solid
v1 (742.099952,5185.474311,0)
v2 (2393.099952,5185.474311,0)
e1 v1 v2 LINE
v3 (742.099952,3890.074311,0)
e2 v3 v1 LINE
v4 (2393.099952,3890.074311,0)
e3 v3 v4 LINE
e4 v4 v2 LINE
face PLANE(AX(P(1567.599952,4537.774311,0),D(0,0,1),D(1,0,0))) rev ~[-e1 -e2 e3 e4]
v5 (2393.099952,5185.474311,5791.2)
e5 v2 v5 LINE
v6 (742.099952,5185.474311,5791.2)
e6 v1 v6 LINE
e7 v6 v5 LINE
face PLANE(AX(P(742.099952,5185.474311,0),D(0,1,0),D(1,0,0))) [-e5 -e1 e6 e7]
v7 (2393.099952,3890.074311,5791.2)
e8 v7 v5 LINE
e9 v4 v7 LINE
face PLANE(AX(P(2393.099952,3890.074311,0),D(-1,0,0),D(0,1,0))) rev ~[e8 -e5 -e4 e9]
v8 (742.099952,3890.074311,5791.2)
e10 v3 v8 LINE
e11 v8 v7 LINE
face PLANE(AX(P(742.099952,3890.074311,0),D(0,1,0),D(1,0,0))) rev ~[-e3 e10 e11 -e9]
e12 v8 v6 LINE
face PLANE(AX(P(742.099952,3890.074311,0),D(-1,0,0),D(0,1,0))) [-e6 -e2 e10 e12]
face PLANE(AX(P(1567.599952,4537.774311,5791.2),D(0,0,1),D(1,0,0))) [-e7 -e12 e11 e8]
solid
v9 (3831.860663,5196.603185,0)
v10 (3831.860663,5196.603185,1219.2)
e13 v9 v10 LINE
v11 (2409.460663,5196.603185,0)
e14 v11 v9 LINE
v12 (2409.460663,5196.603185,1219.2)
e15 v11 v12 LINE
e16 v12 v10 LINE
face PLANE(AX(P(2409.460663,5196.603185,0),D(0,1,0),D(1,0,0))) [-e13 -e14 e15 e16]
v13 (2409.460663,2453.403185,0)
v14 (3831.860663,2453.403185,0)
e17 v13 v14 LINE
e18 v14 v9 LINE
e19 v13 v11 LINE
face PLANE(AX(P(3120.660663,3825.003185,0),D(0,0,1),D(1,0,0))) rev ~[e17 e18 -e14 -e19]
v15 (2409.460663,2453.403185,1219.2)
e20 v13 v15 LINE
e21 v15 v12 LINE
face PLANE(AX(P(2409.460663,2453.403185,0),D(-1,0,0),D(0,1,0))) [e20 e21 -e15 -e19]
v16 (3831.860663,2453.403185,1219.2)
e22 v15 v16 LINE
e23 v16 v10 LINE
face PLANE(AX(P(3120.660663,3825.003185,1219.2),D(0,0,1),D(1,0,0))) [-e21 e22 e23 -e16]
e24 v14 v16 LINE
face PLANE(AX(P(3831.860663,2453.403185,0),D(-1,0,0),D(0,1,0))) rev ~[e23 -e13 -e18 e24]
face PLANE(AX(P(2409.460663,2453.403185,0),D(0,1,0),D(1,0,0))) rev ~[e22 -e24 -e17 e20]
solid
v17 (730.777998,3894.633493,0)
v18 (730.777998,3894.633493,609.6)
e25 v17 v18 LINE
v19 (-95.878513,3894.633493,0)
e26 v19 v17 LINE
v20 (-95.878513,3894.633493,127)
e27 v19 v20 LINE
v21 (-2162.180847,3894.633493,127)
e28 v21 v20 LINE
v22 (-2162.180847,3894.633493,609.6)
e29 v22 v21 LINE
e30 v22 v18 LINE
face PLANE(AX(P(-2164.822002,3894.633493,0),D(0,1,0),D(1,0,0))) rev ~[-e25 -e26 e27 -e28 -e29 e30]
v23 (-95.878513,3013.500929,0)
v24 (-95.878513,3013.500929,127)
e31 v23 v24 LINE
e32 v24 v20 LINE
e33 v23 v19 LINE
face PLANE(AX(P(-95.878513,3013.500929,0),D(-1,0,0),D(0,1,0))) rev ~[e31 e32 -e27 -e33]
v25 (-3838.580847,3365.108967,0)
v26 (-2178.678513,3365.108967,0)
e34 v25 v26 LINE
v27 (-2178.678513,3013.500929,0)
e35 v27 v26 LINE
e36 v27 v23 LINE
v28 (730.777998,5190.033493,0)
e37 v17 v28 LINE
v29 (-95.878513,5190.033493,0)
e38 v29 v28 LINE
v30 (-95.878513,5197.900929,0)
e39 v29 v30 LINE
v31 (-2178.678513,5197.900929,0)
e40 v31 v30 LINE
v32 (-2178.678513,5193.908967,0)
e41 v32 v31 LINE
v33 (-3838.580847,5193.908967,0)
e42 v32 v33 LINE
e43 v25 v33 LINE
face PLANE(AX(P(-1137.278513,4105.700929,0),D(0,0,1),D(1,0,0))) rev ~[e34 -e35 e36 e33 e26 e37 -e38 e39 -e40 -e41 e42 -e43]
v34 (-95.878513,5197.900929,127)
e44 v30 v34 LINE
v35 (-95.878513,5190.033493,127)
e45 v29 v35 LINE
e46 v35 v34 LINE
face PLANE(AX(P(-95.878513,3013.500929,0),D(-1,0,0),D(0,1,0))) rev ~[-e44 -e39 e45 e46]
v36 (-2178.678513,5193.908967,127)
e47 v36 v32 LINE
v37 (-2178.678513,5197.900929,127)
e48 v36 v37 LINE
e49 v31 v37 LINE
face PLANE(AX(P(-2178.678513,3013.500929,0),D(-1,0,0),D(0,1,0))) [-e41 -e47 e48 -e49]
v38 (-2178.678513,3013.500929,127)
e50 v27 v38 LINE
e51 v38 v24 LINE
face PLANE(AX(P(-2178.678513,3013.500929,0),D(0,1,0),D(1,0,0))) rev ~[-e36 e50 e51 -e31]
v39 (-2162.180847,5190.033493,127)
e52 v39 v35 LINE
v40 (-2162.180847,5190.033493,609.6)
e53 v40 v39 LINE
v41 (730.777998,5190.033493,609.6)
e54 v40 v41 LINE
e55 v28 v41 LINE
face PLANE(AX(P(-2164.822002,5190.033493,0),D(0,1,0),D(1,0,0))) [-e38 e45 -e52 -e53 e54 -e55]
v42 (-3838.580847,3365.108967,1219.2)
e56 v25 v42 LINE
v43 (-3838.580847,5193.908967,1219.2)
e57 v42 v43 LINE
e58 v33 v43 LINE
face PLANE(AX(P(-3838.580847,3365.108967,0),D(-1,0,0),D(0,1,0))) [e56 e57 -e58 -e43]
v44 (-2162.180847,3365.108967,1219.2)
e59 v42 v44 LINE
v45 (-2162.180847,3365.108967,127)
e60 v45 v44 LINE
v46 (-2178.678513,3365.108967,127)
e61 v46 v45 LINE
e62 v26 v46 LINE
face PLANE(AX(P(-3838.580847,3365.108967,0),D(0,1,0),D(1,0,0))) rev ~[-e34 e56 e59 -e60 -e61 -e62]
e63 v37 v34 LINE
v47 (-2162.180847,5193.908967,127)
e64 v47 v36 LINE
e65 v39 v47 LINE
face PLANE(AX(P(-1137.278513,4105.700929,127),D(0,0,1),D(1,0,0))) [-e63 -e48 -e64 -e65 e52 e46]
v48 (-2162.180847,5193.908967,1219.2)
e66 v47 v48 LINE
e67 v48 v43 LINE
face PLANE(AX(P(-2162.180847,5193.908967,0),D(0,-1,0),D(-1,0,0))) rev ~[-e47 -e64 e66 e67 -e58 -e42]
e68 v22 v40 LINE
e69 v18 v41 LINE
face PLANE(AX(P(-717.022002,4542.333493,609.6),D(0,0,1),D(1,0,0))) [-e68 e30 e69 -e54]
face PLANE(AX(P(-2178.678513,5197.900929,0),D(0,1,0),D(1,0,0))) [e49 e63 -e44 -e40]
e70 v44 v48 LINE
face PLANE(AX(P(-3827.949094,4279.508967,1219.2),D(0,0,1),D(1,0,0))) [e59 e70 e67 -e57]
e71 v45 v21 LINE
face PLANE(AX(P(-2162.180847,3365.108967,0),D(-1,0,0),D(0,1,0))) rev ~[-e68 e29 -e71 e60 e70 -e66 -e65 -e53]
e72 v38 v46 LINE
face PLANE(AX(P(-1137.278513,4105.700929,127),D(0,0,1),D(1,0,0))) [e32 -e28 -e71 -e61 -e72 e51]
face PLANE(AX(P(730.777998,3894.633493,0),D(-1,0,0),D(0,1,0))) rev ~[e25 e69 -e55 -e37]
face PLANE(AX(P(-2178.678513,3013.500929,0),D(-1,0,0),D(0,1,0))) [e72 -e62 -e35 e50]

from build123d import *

# Parameters (mm, degrees)
F1_W      = 21.263506
F1_H      = 1828.8
F1_W_2    = 1655.136494
F2_DEPTH  = 1219.2
F4_W      = 1651
F4_H      = 1295.4
F5_DEPTH  = 5791.2
F3_W      = 2895.6
F3_H      = 1295.4
F6_DEPTH  = 609.6
F7_W      = 1422.4
F7_H      = 2743.2
F8_DEPTH  = 1219.2
F9_W      = 2082.8
F9_H      = 2184.4
F10_DEPTH = 127


with BuildPart() as f2:
    # F1 (on face) → F2 (new body)
    with BuildSketch(Plane.XY):
        with Locations((-3827.949094, 4279.508967)):
            Rectangle(F1_W, F1_H)
        with Locations((-2989.749094, 4279.508967)):
            Rectangle(F1_W_2, F1_H)
    extrude(amount=F2_DEPTH)

    # F3 (on face) → F6 (join)
    with BuildSketch(Plane.XY):
        with Locations((-717.022002, 4542.333493)):
            Rectangle(F3_W, F3_H)
    extrude(amount=F6_DEPTH)

    # F9 (on face) → F10 (join)
    with BuildSketch(Plane.XY):
        with Locations((-1137.278513, 4105.700929)):
            Rectangle(F9_W, F9_H)
    extrude(amount=F10_DEPTH)


with BuildPart() as f5:
    # F4 (on face) → F5 (new body)
    with BuildSketch(Plane.XY):
        with Locations((1567.599952, 4537.774311)):
            Rectangle(F4_W, F4_H)
    extrude(amount=F5_DEPTH)


with BuildPart() as f8:
    # F7 (on face) → F8 (new body)
    with BuildSketch(Plane.XY):
        with Locations((3120.660663, 3825.003185)):
            Rectangle(F7_W, F7_H)
    extrude(amount=F8_DEPTH)


solid = Compound([f2.part, f5.part, f8.part])
